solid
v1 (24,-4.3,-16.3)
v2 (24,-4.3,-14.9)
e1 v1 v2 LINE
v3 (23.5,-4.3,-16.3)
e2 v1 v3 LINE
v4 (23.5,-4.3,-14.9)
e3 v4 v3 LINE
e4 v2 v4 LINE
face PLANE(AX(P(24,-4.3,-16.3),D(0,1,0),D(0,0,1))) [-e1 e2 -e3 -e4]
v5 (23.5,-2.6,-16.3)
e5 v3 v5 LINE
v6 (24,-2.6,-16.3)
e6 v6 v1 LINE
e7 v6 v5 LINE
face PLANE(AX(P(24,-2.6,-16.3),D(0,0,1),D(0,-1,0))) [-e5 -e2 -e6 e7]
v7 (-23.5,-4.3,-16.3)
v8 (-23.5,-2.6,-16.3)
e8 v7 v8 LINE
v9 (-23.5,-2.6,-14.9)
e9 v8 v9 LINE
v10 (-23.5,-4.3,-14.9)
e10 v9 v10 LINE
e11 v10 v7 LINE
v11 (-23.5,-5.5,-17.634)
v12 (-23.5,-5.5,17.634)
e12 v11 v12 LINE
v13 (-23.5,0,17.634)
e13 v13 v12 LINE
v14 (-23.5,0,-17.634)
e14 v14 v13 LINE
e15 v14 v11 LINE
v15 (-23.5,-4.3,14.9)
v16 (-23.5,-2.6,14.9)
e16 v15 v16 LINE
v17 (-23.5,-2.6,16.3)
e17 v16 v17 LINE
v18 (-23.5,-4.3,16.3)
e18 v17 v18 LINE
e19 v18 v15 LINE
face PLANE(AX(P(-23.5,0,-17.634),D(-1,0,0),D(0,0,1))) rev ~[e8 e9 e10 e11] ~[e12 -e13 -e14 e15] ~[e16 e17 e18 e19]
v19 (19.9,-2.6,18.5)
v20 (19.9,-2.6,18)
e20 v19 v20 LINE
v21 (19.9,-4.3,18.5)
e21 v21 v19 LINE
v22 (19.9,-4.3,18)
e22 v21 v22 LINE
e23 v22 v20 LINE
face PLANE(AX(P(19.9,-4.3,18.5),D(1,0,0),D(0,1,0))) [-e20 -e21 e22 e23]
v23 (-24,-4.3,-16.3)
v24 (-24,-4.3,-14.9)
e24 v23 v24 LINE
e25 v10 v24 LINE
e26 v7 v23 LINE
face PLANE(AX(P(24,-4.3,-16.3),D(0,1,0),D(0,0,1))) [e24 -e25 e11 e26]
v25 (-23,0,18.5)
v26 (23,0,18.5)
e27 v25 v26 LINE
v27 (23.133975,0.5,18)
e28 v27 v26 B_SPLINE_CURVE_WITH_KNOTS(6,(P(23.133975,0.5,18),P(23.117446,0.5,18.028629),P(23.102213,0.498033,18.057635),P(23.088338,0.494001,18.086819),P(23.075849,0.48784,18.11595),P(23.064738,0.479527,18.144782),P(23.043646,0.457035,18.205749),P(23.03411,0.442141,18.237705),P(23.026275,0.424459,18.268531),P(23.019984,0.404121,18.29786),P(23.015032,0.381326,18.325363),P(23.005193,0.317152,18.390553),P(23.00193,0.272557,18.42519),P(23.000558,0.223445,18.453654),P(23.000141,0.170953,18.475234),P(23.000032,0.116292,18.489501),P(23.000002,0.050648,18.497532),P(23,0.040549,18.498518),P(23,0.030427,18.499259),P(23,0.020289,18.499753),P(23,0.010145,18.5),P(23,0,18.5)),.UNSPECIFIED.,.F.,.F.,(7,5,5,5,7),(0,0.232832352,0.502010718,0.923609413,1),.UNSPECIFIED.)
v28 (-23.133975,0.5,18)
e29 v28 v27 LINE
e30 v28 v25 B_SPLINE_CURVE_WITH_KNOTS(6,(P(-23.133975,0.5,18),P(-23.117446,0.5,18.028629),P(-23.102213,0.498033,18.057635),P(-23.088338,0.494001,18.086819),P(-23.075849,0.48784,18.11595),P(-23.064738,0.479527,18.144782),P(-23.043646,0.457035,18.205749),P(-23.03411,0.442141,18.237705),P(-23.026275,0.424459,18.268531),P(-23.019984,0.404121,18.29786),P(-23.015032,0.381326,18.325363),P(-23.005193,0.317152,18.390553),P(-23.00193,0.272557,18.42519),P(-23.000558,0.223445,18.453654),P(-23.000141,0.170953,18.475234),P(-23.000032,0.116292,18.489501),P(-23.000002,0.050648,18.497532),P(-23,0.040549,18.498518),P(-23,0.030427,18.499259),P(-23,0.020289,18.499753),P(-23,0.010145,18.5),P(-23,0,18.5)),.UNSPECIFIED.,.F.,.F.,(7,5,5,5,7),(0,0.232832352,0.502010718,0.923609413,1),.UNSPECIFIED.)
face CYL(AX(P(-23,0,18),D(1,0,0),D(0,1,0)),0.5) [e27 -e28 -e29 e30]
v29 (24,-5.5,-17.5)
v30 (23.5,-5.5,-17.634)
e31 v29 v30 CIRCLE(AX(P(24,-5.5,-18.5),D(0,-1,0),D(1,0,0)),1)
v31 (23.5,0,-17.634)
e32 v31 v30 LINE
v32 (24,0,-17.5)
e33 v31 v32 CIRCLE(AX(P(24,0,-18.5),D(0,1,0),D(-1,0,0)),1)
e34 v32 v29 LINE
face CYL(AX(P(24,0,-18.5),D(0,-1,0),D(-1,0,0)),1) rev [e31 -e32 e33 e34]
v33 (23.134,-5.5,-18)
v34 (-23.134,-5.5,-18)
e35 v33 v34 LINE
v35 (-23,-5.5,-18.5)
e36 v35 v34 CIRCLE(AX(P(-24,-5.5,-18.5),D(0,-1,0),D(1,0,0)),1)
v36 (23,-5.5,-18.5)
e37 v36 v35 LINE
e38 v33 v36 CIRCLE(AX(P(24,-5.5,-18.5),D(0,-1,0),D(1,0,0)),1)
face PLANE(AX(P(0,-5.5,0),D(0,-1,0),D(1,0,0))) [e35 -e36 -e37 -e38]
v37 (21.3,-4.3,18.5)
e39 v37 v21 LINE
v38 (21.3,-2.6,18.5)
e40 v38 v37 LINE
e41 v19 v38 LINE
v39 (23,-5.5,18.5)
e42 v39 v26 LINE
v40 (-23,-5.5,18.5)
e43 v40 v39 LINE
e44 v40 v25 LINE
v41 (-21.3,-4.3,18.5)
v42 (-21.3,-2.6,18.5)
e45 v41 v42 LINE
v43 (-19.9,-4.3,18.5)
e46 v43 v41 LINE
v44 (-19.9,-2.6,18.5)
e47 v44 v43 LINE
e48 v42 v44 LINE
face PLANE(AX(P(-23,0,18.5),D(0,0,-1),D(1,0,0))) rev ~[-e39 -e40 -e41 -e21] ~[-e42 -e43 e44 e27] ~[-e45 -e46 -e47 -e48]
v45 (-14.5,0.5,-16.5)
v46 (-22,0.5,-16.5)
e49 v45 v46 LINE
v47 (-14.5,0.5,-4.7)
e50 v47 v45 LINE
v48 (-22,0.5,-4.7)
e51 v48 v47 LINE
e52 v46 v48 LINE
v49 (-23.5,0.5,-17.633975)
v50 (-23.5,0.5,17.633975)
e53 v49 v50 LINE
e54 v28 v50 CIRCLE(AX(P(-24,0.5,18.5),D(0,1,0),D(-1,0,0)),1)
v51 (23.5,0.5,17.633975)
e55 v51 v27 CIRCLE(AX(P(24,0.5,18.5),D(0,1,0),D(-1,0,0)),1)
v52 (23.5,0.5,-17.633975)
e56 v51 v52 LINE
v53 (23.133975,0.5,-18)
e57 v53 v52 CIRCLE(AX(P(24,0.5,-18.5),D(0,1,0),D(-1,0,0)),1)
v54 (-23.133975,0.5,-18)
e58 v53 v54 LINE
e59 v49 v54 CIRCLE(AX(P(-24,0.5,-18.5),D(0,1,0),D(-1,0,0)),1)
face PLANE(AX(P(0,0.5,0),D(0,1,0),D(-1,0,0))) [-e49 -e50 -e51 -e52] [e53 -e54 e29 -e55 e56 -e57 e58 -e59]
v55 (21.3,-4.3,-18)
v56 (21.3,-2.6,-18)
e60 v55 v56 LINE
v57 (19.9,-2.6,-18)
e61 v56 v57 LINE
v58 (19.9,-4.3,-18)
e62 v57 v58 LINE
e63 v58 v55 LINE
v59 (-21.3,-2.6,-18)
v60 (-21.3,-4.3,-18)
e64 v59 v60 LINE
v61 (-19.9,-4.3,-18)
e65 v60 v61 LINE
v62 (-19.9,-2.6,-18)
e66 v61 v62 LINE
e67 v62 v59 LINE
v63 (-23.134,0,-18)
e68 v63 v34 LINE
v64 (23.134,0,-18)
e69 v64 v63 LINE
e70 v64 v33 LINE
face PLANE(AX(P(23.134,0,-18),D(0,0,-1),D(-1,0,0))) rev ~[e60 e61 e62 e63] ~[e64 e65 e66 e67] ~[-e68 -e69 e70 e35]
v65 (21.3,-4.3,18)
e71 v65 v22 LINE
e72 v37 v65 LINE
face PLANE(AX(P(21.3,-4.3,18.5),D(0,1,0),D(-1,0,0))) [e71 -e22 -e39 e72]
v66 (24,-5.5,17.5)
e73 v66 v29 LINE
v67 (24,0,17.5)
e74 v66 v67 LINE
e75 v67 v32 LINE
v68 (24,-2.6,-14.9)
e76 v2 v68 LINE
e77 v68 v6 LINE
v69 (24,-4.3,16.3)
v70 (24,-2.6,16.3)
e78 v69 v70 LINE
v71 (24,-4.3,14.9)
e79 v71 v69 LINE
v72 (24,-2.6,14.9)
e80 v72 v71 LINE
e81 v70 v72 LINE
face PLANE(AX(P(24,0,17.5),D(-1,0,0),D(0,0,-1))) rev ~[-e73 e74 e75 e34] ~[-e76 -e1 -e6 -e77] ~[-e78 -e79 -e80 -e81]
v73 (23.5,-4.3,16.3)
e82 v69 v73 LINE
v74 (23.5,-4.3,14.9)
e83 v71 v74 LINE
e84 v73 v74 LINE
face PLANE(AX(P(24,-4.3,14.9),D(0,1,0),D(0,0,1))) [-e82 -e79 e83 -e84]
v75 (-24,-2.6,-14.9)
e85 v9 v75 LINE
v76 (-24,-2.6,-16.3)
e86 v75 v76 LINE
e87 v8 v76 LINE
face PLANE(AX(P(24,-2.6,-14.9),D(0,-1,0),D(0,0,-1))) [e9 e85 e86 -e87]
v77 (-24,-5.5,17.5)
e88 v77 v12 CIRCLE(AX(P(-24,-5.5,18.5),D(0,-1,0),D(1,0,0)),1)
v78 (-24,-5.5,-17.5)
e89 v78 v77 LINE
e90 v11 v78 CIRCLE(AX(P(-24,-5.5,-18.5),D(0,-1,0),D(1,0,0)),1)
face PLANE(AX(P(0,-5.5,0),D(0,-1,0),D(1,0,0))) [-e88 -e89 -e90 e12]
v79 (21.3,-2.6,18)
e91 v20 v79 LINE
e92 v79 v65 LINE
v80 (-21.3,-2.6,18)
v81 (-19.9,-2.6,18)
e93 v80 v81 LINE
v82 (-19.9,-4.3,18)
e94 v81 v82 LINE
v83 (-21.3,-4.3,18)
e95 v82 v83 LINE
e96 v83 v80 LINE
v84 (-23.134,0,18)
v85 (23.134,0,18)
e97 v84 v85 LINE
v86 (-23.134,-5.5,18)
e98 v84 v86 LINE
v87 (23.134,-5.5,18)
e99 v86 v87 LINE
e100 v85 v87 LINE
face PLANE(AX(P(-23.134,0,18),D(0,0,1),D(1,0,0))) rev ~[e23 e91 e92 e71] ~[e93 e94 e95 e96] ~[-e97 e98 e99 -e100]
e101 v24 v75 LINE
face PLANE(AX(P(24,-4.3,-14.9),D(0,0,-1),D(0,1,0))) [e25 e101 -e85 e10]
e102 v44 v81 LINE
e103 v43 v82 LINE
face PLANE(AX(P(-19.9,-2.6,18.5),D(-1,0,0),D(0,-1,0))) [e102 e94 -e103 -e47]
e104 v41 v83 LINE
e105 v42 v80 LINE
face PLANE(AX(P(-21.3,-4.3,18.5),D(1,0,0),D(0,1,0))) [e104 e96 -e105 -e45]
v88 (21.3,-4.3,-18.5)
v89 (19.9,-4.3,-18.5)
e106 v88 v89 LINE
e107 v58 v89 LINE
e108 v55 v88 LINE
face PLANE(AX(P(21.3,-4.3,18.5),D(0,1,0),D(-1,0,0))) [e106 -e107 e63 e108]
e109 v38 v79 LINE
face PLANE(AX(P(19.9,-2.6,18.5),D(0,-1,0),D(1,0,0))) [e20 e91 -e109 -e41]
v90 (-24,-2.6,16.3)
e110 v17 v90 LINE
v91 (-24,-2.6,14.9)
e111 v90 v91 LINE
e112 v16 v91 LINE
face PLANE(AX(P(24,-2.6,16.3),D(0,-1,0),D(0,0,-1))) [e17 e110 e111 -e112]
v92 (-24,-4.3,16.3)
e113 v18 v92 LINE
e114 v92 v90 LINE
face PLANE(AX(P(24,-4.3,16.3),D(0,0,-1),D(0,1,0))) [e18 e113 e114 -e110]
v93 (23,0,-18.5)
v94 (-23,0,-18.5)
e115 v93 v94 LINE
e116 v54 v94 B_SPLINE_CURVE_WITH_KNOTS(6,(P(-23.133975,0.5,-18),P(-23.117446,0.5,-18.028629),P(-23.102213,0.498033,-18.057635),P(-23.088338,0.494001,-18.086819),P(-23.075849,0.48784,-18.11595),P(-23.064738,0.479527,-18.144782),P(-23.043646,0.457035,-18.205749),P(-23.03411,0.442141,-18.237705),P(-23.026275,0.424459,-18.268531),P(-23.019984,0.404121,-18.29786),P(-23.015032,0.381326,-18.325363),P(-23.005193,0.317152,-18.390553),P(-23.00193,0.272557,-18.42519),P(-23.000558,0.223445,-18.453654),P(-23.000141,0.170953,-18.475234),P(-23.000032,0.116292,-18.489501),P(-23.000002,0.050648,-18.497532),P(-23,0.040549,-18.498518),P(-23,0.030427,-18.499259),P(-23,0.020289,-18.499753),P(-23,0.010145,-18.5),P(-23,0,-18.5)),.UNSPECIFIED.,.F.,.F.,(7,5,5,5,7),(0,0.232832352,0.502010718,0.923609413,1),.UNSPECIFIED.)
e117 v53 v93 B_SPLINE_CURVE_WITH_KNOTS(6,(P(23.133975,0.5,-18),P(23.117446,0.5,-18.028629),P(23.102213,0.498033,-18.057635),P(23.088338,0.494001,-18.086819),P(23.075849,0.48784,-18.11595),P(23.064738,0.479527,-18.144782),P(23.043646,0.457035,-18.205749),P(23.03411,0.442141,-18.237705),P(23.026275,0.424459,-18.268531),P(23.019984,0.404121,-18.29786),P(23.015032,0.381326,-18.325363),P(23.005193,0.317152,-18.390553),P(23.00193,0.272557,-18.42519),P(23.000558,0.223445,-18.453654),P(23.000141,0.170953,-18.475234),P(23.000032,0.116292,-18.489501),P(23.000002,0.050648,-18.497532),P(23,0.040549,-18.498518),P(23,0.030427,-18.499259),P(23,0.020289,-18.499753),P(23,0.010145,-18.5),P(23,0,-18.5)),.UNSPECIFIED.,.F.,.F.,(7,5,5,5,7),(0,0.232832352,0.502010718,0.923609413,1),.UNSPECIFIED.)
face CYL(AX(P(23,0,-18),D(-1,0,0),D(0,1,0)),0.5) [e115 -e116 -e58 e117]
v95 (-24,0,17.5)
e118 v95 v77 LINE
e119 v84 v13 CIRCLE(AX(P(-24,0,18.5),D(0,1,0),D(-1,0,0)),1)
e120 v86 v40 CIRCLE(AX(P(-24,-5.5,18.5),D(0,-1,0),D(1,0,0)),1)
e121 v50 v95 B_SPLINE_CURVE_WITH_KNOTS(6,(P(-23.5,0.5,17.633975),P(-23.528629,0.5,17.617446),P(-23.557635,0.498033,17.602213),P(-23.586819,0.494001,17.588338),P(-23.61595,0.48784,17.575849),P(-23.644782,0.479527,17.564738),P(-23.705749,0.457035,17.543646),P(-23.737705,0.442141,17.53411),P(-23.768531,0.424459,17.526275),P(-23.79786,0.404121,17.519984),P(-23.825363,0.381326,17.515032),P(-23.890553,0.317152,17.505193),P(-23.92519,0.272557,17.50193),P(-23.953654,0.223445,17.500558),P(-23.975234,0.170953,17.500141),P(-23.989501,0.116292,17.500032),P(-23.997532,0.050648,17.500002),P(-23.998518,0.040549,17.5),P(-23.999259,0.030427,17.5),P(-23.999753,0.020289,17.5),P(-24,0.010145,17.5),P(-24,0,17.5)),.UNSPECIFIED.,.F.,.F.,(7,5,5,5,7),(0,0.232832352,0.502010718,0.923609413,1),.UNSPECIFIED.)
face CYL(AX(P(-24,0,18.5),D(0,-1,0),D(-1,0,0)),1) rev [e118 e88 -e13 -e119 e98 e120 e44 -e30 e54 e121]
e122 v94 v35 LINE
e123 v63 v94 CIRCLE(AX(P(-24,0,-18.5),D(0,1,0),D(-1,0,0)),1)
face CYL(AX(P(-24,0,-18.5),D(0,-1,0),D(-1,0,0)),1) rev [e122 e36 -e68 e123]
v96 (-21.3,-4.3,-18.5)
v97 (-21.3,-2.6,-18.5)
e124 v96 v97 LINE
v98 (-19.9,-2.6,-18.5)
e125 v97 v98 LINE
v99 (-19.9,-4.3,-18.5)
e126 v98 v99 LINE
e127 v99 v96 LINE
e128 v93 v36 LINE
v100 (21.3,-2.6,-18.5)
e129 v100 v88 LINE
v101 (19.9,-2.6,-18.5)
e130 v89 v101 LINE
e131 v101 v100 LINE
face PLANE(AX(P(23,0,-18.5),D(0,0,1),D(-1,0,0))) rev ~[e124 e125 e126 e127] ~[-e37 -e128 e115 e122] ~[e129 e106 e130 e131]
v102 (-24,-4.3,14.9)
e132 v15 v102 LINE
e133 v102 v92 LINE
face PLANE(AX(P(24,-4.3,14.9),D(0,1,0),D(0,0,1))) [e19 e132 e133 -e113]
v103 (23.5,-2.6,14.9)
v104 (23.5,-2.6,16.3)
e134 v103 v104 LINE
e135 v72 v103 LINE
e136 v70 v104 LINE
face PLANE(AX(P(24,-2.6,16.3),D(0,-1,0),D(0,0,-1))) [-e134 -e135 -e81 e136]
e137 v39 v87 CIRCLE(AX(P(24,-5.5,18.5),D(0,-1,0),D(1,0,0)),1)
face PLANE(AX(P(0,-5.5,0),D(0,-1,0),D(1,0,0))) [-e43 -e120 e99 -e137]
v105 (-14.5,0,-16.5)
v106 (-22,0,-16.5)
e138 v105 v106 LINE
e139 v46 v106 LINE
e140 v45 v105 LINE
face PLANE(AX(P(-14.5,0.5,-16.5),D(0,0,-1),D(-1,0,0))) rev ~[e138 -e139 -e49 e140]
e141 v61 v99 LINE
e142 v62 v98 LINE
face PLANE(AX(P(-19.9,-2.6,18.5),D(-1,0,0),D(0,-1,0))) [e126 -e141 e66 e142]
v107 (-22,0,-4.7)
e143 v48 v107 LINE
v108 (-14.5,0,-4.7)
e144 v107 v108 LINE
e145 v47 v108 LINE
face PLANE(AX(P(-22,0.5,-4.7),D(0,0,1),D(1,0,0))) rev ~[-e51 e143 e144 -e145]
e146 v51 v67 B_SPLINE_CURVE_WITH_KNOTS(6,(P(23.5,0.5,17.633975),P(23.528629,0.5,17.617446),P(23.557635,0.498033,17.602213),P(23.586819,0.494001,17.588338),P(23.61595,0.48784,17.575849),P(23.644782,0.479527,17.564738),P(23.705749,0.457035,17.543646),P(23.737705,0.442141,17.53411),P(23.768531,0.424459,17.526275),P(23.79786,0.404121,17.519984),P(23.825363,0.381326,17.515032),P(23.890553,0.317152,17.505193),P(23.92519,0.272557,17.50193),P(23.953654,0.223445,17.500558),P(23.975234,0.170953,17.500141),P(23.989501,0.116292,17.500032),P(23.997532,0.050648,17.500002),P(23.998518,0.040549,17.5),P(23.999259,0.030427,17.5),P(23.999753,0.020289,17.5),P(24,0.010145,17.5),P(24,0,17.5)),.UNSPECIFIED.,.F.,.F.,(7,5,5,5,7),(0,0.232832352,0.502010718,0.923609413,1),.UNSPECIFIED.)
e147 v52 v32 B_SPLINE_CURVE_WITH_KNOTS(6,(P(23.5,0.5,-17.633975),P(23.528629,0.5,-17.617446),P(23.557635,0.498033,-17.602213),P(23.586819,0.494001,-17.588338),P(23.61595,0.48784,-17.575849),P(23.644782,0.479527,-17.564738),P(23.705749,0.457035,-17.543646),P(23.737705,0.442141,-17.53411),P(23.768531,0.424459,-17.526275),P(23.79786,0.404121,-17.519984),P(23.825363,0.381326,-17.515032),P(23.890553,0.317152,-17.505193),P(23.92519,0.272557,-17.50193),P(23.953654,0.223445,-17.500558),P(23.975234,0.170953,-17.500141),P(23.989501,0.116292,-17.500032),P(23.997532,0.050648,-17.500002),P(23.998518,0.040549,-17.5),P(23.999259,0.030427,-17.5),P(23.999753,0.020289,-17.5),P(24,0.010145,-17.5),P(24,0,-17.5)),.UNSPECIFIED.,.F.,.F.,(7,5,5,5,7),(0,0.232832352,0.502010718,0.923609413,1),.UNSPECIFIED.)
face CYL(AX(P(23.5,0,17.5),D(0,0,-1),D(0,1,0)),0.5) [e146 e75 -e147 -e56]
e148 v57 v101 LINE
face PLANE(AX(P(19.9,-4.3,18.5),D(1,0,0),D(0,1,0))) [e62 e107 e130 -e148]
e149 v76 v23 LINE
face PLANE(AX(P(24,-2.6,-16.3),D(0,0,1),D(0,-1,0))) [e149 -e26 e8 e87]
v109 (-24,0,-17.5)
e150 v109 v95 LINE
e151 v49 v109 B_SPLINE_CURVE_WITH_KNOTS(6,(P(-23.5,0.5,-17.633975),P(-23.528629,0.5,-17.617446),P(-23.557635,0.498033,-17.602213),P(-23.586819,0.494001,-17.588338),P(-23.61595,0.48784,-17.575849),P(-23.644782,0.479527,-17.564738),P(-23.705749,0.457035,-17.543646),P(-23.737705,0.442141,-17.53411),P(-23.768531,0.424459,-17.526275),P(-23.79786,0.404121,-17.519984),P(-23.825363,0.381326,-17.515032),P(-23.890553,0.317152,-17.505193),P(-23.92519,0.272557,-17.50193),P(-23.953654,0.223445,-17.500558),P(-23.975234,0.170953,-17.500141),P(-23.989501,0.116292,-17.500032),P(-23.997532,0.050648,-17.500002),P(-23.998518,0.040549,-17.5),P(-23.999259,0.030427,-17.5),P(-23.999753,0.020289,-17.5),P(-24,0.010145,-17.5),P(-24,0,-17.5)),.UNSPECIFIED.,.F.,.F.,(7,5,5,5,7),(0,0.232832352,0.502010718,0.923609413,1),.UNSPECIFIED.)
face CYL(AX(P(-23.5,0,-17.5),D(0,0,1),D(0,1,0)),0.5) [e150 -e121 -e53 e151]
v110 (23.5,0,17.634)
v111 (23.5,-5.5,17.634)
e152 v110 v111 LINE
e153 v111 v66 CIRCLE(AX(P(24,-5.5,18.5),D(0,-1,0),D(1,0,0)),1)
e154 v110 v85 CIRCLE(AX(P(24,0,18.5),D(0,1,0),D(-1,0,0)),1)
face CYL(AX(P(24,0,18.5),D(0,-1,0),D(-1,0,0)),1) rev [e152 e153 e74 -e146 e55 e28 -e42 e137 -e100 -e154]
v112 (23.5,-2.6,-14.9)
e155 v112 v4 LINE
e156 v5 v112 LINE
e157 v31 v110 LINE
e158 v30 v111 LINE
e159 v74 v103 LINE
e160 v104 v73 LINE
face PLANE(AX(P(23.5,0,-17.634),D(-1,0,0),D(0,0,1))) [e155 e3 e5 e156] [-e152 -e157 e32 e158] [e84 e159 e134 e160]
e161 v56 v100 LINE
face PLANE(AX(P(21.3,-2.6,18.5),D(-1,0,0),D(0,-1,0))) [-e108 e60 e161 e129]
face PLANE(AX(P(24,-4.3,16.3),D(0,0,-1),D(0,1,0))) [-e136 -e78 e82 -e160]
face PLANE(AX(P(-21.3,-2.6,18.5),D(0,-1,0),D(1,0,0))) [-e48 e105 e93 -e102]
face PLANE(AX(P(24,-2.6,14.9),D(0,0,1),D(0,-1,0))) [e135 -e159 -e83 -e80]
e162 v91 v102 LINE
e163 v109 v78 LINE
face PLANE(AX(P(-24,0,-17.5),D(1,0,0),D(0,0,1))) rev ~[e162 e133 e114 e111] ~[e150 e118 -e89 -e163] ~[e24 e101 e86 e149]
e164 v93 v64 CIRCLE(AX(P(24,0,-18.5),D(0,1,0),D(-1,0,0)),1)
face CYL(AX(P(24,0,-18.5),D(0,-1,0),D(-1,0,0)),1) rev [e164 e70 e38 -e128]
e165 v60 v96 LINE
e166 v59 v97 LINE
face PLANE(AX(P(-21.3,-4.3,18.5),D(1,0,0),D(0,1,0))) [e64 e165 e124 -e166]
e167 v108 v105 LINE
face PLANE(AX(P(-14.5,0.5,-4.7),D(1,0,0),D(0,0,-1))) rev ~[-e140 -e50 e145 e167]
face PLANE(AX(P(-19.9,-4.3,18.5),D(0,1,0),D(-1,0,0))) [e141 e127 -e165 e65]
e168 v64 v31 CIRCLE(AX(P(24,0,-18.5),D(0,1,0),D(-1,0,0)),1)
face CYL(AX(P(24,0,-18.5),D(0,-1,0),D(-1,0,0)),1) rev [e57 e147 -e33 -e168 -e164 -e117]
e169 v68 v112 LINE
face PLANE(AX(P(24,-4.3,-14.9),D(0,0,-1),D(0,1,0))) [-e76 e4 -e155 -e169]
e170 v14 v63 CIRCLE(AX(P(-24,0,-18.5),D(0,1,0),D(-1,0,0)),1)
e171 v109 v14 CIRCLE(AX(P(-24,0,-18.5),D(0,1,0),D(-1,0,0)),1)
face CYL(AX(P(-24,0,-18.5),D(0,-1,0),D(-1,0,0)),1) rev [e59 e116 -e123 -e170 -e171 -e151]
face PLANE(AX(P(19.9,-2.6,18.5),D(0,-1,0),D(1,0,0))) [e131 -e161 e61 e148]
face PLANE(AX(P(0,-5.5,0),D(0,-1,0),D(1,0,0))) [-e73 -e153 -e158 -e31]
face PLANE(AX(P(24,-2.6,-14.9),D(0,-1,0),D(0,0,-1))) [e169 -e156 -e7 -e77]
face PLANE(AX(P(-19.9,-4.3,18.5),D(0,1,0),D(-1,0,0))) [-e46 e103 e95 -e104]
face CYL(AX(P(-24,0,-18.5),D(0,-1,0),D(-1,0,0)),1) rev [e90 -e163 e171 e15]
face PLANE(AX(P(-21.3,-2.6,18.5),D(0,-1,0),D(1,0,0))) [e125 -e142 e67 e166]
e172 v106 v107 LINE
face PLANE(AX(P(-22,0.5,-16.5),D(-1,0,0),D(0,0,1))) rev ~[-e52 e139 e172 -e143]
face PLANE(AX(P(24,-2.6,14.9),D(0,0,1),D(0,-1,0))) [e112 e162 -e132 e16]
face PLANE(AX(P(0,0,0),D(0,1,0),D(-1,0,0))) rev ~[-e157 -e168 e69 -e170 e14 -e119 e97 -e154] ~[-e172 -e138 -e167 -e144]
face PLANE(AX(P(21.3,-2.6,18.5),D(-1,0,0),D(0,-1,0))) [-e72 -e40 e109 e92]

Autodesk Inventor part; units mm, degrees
ref_plane "YZ Plane" through (0, 0, 0) normal (1, 0, 0) x (0, 1, 0)
ref_plane "XZ Plane" through (0, 0, 0) normal (0, 1, 0) x (-1, 0, 0)
ref_plane "XY Plane" through (0, 0, 0) normal (0, 0, 1) x (1, 0, 0)
sketch "Sketch3" plane through (0, 0, 0) normal (0, 1, 0) x (-1, 0, 0)
  line L0 (23, 18.5) -> (-23, 18.5)
  line L1 (-24, 17.5) -> (-24, -17.5)
  line L2 (-23, -18.5) -> (23, -18.5)
  line L3 (24, -17.5) -> (24, 17.5)
  line L4 (24, 18.5) -> (-24, -18.5) construction
  circle A0 centre (24, 18.5) radius 1
  circle A1 centre (24, -18.5) radius 1
  circle A2 centre (-24, -18.5) radius 1
  circle A3 centre (-24, 18.5) radius 1
  point P0 (0, 0)
  dimension "d21" = 2
  dimension "d22" = 2
  dimension "d23" = 2
  dimension "d24" = 2
extrude "Extrusion3" add sketch "Sketch3" along normal blind 0.5 contours A0 L3 A1 L2 A2 L1 A3 L0
sketch "Sketch6" plane through (0, 0, 0) normal (0, -1, 0) x (1, 0, 0)
  line L0 (-23, 18.5) -> (23, 18.5) projected
  line L1 (-23, 18.5) -> (23, 18.5)
  line L2 (24, 17.5) -> (24, -17.5) projected
  line L3 (24, 17.5) -> (24, -17.5)
  line L4 (-24, -17.5) -> (-24, 17.5) projected
  line L5 (-24, -17.5) -> (-24, 17.5)
  circle A0 centre (-24, 18.5) radius 1
  circle A1 centre (24, 18.5) radius 1
  circle A2 centre (24, -18.5) radius 1
  circle A3 centre (-24, -18.5) radius 1
  line L6 (23.5, -17.634) -> (23.5, 17.634)
  line L7 (-23.134, 18) -> (23.134, 18)
  line L8 (-23.5, -17.634) -> (-23.5, 17.634)
  line L9 (23, -18.5) -> (-23, -18.5) projected
  line L10 (-23, -18.5) -> (23, -18.5)
  line L11 (23.134, -18) -> (-23.134, -18)
  point P0 (0, 0)
  dimension "d45" = 0.5
  dimension "d46" = 0.5
  dimension "d48" = 2
  dimension "d49" = 0.5
extrude "Extrusion5" add sketch "Sketch6" along normal blind 5.5 contours L0 A1 L7 A0 | A0 L8 A3 L4 | L2 A2 L6 A1 | A3 L11 A2 L9
sketch "Sketch7" plane through (-23, 0.5, 18.5) normal (0, 0, 1) x (1, 0, 0)
  line L0 (42.9, -3.1) -> (44.3, -3.1)
  line L1 (44.3, -3.1) -> (44.3, -4.8)
  line L2 (44.3, -4.8) -> (42.9, -4.8)
  line L3 (42.9, -4.8) -> (42.9, -3.1)
  line L4 (0, 0) -> (46, 0) projected
  line L5 (46, -6) -> (46, 0) projected
  line L6 (1.7, -3.1) -> (3.1, -3.1)
  line L7 (3.1, -3.1) -> (3.1, -4.8)
  line L8 (3.1, -4.8) -> (1.7, -4.8)
  line L9 (1.7, -4.8) -> (1.7, -3.1)
  line L10 (0, 0) -> (0, -6) projected
  point P0 (23, -0.5)
  dimension "d52" = 1.4
  dimension "d53" = 1.7
  dimension "d54" = 3.1
  dimension "d55" = 1.7
  dimension "d56" = 1.4
  dimension "d57" = 1.7
  dimension "d58" = 3.1
  dimension "d59" = 1.7
extrude "Extrusion6" cut sketch "Sketch7" against normal up to surface (37 mm away)
sketch "Sketch8" plane through (24, 0.5, 17.5) normal (1, 0, 0) x (0, 0, -1)
  line L0 (32.4, -3.1) -> (33.8, -3.1)
  line L1 (33.8, -3.1) -> (33.8, -4.8)
  line L2 (33.8, -4.8) -> (32.4, -4.8)
  line L3 (32.4, -4.8) -> (32.4, -3.1)
  line L4 (0, 0) -> (35, 0) projected
  line L5 (35, -6) -> (35, 0) projected
  line L6 (1.2, -3.1) -> (2.6, -3.1)
  line L7 (2.6, -3.1) -> (2.6, -4.8)
  line L8 (2.6, -4.8) -> (1.2, -4.8)
  line L9 (1.2, -4.8) -> (1.2, -3.1)
  line L10 (0, -6) -> (0, 0) projected
  point P0 (17.5, -0.5)
  dimension "d62" = 1.4
  dimension "d63" = 1.7
  dimension "d64" = 3.1
  dimension "d65" = 1.2
  dimension "d66" = 1.4
  dimension "d67" = 1.7
  dimension "d68" = 3.1
  dimension "d69" = 1.2
extrude "Extrusion7" cut sketch "Sketch8" against normal up to surface (48 mm away)
sketch "Sketch9" plane through (0, 0.5, 0) normal (0, 1, 0) x (1, 0, 0)
  line L0 (-22, 4.7) -> (-14.5, 4.7)
  line L1 (-14.5, 4.7) -> (-14.5, 16.5)
  line L2 (-14.5, 16.5) -> (-22, 16.5)
  line L3 (-22, 16.5) -> (-22, 4.7)
  line L4 (-24, 17.5) -> (-24, -17.5) projected
  line L5 (23, 18.5) -> (-23, 18.5) projected
  point P0 (0, 0)
  dimension "d74" = 7.5
  dimension "d75" = 11.8
  dimension "d76" = 2
  dimension "d77" = 2
extrude "Extrusion8" cut sketch "Sketch9" against normal up to surface (0.5 mm away)
fillet "Fillet1" radius 0.5 4 edges at (0, 0.5, -18.5) (24, 0.5, 0) (0, 0.5, 18.5) (-24, 0.5, 0)
properties part number "metal_cover_connector"
